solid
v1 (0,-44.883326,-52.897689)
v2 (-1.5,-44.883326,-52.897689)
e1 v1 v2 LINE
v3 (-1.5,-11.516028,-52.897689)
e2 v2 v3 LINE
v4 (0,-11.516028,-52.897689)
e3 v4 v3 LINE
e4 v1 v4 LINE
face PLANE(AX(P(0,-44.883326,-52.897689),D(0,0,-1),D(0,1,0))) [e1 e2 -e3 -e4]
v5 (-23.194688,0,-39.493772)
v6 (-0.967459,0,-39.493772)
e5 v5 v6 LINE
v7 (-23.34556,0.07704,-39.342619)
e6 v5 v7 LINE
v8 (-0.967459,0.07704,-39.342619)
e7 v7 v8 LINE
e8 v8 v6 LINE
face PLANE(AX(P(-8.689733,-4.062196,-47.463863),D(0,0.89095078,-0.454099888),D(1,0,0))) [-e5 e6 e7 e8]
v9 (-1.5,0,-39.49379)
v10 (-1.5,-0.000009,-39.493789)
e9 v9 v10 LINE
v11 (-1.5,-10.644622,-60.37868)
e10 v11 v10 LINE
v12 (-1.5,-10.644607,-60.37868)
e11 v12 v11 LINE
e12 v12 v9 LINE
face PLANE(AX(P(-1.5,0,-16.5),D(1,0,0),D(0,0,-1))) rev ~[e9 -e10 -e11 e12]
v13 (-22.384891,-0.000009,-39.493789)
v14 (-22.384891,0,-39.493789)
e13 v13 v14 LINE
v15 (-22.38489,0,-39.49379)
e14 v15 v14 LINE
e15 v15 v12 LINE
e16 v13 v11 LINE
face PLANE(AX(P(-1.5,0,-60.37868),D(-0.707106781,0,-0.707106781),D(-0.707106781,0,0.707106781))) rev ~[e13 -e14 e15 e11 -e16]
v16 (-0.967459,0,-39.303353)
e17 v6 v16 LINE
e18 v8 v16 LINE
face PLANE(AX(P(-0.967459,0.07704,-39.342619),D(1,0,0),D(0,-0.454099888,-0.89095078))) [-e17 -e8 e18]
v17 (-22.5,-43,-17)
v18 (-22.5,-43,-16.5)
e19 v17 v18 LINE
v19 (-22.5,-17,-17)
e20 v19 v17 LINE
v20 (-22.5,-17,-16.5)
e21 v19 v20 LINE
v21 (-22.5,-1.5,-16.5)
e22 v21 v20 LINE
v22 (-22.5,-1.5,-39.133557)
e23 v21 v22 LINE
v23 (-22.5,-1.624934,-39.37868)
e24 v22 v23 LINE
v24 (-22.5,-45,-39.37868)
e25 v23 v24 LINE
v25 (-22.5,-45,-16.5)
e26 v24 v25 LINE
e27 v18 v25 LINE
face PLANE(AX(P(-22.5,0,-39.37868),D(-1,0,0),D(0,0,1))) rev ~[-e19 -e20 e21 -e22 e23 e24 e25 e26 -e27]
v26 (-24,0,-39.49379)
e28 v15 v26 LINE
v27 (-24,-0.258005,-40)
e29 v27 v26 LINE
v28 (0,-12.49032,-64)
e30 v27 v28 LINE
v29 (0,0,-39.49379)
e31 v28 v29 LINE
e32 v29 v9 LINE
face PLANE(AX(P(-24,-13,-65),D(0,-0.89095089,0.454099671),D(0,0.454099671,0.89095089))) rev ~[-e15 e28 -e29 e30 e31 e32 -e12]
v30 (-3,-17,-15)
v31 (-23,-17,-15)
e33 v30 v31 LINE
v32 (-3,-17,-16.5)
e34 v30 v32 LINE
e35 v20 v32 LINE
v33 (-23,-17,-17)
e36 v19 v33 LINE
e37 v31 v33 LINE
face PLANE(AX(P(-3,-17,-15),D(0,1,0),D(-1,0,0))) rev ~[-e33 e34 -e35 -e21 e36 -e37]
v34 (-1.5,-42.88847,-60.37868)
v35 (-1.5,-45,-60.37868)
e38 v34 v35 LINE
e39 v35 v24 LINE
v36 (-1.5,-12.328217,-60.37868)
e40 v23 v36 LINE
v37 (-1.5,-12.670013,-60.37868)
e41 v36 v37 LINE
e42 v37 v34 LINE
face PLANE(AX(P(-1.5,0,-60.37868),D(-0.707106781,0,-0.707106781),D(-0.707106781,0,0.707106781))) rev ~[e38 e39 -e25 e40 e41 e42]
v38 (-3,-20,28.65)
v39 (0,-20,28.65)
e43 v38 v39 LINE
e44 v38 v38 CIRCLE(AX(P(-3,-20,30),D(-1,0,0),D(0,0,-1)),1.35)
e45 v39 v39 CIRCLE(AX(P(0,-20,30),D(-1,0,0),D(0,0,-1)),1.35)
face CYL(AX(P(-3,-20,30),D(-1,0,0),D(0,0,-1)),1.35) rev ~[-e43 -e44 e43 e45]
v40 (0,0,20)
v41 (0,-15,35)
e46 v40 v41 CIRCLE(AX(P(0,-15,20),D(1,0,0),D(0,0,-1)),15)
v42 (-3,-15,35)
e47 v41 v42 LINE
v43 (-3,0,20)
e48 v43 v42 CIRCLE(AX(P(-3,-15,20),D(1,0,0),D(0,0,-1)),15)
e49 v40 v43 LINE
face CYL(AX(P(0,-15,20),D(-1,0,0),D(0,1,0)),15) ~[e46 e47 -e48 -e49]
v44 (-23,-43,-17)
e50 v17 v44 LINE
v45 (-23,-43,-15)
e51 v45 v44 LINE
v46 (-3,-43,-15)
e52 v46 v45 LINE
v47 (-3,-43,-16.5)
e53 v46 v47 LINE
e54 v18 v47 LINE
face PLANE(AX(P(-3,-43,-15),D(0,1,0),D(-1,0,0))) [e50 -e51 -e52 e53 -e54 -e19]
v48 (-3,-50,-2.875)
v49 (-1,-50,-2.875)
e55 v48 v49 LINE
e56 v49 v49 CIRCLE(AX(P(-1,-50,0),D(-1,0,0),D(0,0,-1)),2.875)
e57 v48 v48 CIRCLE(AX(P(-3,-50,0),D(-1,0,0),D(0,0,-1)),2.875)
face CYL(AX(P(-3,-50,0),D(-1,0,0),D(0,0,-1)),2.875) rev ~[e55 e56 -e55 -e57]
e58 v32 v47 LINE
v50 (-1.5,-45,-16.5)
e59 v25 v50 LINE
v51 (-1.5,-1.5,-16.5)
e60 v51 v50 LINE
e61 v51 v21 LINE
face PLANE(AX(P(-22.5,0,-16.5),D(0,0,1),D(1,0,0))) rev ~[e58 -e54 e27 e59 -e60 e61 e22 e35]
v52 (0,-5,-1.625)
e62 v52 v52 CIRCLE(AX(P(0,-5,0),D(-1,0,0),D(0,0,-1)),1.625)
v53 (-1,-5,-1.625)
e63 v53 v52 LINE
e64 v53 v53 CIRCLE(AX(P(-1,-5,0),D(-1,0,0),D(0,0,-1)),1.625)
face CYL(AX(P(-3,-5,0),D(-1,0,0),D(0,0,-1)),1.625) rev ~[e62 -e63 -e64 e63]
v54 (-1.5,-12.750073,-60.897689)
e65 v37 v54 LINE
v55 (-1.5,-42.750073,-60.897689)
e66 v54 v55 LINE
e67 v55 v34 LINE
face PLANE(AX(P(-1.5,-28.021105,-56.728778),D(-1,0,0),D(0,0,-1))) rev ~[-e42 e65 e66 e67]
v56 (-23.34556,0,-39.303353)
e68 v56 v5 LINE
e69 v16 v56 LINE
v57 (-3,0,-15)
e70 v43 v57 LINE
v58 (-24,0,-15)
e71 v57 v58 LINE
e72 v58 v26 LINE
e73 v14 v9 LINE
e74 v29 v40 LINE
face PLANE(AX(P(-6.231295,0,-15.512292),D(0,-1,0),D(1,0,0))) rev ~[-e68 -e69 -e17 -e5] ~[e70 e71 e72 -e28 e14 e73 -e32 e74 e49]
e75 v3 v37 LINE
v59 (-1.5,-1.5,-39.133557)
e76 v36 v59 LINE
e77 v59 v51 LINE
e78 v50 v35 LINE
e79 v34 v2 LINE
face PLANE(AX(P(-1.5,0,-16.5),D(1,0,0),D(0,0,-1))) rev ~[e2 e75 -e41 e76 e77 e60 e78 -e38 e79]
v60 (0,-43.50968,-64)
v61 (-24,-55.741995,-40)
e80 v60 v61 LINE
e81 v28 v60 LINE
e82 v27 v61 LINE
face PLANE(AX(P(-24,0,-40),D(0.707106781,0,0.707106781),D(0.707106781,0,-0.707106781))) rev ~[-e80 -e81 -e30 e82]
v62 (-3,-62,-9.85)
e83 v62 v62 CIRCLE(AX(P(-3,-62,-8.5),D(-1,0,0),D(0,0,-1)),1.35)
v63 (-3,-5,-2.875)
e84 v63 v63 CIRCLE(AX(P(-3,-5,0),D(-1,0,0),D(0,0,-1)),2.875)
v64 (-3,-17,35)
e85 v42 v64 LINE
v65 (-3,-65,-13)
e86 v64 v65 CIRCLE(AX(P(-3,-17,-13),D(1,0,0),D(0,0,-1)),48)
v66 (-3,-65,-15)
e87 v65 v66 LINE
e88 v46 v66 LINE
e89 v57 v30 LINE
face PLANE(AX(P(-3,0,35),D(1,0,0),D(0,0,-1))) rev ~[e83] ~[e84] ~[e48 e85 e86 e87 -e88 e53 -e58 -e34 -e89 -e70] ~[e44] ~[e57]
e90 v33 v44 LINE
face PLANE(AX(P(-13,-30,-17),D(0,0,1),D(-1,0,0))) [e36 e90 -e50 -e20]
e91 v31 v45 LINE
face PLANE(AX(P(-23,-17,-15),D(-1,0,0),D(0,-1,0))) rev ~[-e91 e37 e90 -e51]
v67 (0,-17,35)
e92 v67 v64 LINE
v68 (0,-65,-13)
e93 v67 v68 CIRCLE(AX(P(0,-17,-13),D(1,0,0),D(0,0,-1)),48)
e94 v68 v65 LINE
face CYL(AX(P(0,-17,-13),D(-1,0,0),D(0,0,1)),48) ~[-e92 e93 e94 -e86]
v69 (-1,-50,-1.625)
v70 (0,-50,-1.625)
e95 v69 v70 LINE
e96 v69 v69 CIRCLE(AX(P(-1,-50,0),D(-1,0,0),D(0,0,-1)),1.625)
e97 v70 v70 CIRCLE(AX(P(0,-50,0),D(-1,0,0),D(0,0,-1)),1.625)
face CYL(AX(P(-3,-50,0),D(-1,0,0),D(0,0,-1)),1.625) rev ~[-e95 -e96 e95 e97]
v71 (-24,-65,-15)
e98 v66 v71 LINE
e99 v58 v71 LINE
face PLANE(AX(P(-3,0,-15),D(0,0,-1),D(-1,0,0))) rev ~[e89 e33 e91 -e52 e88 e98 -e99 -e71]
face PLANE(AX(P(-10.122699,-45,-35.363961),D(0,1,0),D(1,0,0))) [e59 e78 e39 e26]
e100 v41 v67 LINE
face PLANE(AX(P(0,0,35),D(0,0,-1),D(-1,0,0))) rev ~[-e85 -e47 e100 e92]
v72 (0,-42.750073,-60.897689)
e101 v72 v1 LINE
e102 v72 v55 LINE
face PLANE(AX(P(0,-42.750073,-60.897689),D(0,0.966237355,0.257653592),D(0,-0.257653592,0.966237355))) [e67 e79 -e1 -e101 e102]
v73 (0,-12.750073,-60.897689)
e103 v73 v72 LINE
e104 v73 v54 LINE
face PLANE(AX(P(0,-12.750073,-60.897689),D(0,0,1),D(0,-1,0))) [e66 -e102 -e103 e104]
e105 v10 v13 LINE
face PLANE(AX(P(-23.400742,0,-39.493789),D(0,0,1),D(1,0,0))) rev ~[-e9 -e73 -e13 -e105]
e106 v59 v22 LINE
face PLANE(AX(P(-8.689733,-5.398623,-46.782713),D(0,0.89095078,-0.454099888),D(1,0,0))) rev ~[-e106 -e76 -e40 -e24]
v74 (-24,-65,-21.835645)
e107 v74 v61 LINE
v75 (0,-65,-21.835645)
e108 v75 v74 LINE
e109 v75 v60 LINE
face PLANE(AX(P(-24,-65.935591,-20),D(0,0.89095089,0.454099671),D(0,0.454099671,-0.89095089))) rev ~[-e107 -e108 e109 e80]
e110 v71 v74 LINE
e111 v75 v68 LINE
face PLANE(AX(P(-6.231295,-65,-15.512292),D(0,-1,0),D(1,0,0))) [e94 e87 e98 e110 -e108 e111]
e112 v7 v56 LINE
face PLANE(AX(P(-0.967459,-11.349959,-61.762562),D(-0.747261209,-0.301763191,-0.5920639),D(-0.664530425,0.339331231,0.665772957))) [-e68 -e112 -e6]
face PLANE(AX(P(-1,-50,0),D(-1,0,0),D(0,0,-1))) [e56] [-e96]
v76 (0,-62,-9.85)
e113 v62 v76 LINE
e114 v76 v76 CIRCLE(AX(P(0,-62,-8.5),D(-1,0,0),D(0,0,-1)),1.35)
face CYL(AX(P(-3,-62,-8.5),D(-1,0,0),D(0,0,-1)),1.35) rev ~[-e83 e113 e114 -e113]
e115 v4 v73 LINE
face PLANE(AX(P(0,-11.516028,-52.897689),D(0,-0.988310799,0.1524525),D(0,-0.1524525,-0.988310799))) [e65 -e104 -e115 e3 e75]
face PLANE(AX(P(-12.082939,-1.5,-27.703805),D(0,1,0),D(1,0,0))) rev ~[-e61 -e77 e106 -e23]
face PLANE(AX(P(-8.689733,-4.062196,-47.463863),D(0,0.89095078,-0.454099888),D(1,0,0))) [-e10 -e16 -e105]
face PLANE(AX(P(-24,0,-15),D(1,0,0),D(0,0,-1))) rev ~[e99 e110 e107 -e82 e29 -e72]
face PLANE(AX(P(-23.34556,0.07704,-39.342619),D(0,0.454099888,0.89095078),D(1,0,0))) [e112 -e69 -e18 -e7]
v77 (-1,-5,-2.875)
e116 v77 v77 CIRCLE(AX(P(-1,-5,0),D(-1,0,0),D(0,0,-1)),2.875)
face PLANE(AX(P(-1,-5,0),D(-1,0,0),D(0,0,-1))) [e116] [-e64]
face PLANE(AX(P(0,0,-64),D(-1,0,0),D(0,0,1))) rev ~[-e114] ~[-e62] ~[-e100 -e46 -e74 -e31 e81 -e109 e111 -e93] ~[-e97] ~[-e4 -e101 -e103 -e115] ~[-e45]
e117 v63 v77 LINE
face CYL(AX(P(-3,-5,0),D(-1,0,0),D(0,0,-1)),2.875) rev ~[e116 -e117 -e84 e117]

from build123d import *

# Parameters (mm, degrees)
PAD_DEPTH       = 65
SKETCH052_R     = 1.625
POCKET_DEPTH    = 5
SKETCH053_R     = 2.875
POCKET001_DEPTH = 2
SKETCH054_R     = 1.35
POCKET002_DEPTH = 5
SKETCH055_W     = 20
SKETCH055_H     = 26
POCKET003_DEPTH = 2
POCKET004_DEPTH = 24.001
POCKET005_DEPTH = 45
SKETCH058_W     = 22.635606
SKETCH058_H     = 23.579969
PAD001_DEPTH    = 1.5
PAD002_DEPTH    = 1.5
POCKET006_DEPTH = 1.5
FILLET_R        = 15
FILLET001_R     = 48


with BuildPart() as part:
    # Sketch → Pad (new body)
    with BuildSketch(Plane.XZ):
        Polygon((0, -64), (0, 35), (-3, 35), (-3, -15), (-24, -15), (-24, -40), align=None)
    extrude(amount=PAD_DEPTH)

    # Sketch052 (on Face3 of Pad) → Pocket (cut)
    with BuildSketch(Plane(origin=(-3, 0, 0), x_dir=(0, 0, -1), z_dir=(-1, 0, 0))):
        with Locations((0, 5)):
            Circle(SKETCH052_R)
        with Locations((0, 50)):
            Circle(SKETCH052_R)
    extrude(amount=-POCKET_DEPTH, mode=Mode.SUBTRACT)

    # Sketch053 (on Face9 of Pocket) → Pocket001 (cut)
    with BuildSketch(Plane(origin=(-3, 0, 0), x_dir=(0, 0, -1), z_dir=(-1, 0, 0))):
        with Locations((0, 50)):
            Circle(SKETCH053_R)
        with Locations((0, 5)):
            Circle(SKETCH053_R)
    extrude(amount=-POCKET001_DEPTH, mode=Mode.SUBTRACT)

    # Sketch054 (on Face9 of Pocket001) → Pocket002 (cut)
    with BuildSketch(Plane(origin=(-3, 0, 0), x_dir=(0, 0, -1), z_dir=(-1, 0, 0))):
        with Locations((8.5, 62)):
            Circle(SKETCH054_R)
        with Locations((-30, 20)):
            Circle(SKETCH054_R)
    extrude(amount=-POCKET002_DEPTH, mode=Mode.SUBTRACT)

    # Sketch055 (on Face12 of Pocket002) → Pocket003 (cut)
    with BuildSketch(Plane(origin=(0, 0, -15), x_dir=(-1, 0, 0), z_dir=(0, 0, 1))):
        with Locations((13, 30)):
            Rectangle(SKETCH055_W, SKETCH055_H)
    extrude(amount=-POCKET003_DEPTH, mode=Mode.SUBTRACT)

    # Sketch056 (on Face10 of Pocket003) → Pocket004 (cut, through all)
    with BuildSketch(Plane(origin=(-24, 0, 0), x_dir=(0, 0, -1), z_dir=(-1, 0, 0))):
        Polygon((20, 65.935591), (65, 43), (65, 13), (20, -9.935591), (140.441742, -9.935591), (140.441742, 74.581261), align=None)
    extrude(amount=-POCKET004_DEPTH, mode=Mode.SUBTRACT)

    # Sketch057 (on Face3 of Pocket004) → Pocket005 (cut)
    with BuildSketch(Plane(origin=(0, 0, 0), x_dir=(1, 0, 0), z_dir=(0, 1, 0))):
        Polygon((-22.5, 16.5), (-1.5, 16.5), (-1.5, 60.37868), (-22.5, 39.37868), align=None)
    extrude(amount=-POCKET005_DEPTH, mode=Mode.SUBTRACT)

    # Sketch058 (on Face3 of Pocket005) → Pad001 (join)
    with BuildSketch(Plane(origin=(0, 0, 0), x_dir=(1, 0, 0), z_dir=(0, 1, 0))):
        with Locations((-12.082939, 27.703805)):
            Rectangle(SKETCH058_W, SKETCH058_H)
    extrude(amount=-PAD001_DEPTH)

    # Sketch059 (on Face2 of Pad001) → Pad002 (join)
    with BuildSketch(Plane(origin=(0, 15.978418, -8.143877), x_dir=(1, 0, 0), z_dir=(0, 0.890951, -0.4541))):
        Polygon((-0.967459, 35.017357), (-0.967459, 60.181422), (-23.34556, 35.017357), align=None)
    extrude(amount=-PAD002_DEPTH)

    # Sketch060 (on Face1 of Pad002) → Pocket006 (cut)
    with BuildSketch(Plane(origin=(0, 0, 0), x_dir=(0, 0, 1), z_dir=(1, 0, 0))):
        Polygon((-60.897689, 42.750073), (-52.897689, 44.883326), (-52.897689, 11.516028), (-60.897689, 12.750073), align=None)
    extrude(amount=-POCKET006_DEPTH, mode=Mode.SUBTRACT)

    # Fillet
    fillet_edges = [part.edges().sort_by_distance(p)[0] for p in [
        (-1.5, 0, 35),
    ]]
    fillet(fillet_edges, radius=FILLET_R)

    # Fillet001
    fillet001_edges = [part.edges().sort_by_distance(p)[0] for p in [
        (-1.5, -65, 35),
    ]]
    fillet(fillet001_edges, radius=FILLET001_R)


solid = part.part
